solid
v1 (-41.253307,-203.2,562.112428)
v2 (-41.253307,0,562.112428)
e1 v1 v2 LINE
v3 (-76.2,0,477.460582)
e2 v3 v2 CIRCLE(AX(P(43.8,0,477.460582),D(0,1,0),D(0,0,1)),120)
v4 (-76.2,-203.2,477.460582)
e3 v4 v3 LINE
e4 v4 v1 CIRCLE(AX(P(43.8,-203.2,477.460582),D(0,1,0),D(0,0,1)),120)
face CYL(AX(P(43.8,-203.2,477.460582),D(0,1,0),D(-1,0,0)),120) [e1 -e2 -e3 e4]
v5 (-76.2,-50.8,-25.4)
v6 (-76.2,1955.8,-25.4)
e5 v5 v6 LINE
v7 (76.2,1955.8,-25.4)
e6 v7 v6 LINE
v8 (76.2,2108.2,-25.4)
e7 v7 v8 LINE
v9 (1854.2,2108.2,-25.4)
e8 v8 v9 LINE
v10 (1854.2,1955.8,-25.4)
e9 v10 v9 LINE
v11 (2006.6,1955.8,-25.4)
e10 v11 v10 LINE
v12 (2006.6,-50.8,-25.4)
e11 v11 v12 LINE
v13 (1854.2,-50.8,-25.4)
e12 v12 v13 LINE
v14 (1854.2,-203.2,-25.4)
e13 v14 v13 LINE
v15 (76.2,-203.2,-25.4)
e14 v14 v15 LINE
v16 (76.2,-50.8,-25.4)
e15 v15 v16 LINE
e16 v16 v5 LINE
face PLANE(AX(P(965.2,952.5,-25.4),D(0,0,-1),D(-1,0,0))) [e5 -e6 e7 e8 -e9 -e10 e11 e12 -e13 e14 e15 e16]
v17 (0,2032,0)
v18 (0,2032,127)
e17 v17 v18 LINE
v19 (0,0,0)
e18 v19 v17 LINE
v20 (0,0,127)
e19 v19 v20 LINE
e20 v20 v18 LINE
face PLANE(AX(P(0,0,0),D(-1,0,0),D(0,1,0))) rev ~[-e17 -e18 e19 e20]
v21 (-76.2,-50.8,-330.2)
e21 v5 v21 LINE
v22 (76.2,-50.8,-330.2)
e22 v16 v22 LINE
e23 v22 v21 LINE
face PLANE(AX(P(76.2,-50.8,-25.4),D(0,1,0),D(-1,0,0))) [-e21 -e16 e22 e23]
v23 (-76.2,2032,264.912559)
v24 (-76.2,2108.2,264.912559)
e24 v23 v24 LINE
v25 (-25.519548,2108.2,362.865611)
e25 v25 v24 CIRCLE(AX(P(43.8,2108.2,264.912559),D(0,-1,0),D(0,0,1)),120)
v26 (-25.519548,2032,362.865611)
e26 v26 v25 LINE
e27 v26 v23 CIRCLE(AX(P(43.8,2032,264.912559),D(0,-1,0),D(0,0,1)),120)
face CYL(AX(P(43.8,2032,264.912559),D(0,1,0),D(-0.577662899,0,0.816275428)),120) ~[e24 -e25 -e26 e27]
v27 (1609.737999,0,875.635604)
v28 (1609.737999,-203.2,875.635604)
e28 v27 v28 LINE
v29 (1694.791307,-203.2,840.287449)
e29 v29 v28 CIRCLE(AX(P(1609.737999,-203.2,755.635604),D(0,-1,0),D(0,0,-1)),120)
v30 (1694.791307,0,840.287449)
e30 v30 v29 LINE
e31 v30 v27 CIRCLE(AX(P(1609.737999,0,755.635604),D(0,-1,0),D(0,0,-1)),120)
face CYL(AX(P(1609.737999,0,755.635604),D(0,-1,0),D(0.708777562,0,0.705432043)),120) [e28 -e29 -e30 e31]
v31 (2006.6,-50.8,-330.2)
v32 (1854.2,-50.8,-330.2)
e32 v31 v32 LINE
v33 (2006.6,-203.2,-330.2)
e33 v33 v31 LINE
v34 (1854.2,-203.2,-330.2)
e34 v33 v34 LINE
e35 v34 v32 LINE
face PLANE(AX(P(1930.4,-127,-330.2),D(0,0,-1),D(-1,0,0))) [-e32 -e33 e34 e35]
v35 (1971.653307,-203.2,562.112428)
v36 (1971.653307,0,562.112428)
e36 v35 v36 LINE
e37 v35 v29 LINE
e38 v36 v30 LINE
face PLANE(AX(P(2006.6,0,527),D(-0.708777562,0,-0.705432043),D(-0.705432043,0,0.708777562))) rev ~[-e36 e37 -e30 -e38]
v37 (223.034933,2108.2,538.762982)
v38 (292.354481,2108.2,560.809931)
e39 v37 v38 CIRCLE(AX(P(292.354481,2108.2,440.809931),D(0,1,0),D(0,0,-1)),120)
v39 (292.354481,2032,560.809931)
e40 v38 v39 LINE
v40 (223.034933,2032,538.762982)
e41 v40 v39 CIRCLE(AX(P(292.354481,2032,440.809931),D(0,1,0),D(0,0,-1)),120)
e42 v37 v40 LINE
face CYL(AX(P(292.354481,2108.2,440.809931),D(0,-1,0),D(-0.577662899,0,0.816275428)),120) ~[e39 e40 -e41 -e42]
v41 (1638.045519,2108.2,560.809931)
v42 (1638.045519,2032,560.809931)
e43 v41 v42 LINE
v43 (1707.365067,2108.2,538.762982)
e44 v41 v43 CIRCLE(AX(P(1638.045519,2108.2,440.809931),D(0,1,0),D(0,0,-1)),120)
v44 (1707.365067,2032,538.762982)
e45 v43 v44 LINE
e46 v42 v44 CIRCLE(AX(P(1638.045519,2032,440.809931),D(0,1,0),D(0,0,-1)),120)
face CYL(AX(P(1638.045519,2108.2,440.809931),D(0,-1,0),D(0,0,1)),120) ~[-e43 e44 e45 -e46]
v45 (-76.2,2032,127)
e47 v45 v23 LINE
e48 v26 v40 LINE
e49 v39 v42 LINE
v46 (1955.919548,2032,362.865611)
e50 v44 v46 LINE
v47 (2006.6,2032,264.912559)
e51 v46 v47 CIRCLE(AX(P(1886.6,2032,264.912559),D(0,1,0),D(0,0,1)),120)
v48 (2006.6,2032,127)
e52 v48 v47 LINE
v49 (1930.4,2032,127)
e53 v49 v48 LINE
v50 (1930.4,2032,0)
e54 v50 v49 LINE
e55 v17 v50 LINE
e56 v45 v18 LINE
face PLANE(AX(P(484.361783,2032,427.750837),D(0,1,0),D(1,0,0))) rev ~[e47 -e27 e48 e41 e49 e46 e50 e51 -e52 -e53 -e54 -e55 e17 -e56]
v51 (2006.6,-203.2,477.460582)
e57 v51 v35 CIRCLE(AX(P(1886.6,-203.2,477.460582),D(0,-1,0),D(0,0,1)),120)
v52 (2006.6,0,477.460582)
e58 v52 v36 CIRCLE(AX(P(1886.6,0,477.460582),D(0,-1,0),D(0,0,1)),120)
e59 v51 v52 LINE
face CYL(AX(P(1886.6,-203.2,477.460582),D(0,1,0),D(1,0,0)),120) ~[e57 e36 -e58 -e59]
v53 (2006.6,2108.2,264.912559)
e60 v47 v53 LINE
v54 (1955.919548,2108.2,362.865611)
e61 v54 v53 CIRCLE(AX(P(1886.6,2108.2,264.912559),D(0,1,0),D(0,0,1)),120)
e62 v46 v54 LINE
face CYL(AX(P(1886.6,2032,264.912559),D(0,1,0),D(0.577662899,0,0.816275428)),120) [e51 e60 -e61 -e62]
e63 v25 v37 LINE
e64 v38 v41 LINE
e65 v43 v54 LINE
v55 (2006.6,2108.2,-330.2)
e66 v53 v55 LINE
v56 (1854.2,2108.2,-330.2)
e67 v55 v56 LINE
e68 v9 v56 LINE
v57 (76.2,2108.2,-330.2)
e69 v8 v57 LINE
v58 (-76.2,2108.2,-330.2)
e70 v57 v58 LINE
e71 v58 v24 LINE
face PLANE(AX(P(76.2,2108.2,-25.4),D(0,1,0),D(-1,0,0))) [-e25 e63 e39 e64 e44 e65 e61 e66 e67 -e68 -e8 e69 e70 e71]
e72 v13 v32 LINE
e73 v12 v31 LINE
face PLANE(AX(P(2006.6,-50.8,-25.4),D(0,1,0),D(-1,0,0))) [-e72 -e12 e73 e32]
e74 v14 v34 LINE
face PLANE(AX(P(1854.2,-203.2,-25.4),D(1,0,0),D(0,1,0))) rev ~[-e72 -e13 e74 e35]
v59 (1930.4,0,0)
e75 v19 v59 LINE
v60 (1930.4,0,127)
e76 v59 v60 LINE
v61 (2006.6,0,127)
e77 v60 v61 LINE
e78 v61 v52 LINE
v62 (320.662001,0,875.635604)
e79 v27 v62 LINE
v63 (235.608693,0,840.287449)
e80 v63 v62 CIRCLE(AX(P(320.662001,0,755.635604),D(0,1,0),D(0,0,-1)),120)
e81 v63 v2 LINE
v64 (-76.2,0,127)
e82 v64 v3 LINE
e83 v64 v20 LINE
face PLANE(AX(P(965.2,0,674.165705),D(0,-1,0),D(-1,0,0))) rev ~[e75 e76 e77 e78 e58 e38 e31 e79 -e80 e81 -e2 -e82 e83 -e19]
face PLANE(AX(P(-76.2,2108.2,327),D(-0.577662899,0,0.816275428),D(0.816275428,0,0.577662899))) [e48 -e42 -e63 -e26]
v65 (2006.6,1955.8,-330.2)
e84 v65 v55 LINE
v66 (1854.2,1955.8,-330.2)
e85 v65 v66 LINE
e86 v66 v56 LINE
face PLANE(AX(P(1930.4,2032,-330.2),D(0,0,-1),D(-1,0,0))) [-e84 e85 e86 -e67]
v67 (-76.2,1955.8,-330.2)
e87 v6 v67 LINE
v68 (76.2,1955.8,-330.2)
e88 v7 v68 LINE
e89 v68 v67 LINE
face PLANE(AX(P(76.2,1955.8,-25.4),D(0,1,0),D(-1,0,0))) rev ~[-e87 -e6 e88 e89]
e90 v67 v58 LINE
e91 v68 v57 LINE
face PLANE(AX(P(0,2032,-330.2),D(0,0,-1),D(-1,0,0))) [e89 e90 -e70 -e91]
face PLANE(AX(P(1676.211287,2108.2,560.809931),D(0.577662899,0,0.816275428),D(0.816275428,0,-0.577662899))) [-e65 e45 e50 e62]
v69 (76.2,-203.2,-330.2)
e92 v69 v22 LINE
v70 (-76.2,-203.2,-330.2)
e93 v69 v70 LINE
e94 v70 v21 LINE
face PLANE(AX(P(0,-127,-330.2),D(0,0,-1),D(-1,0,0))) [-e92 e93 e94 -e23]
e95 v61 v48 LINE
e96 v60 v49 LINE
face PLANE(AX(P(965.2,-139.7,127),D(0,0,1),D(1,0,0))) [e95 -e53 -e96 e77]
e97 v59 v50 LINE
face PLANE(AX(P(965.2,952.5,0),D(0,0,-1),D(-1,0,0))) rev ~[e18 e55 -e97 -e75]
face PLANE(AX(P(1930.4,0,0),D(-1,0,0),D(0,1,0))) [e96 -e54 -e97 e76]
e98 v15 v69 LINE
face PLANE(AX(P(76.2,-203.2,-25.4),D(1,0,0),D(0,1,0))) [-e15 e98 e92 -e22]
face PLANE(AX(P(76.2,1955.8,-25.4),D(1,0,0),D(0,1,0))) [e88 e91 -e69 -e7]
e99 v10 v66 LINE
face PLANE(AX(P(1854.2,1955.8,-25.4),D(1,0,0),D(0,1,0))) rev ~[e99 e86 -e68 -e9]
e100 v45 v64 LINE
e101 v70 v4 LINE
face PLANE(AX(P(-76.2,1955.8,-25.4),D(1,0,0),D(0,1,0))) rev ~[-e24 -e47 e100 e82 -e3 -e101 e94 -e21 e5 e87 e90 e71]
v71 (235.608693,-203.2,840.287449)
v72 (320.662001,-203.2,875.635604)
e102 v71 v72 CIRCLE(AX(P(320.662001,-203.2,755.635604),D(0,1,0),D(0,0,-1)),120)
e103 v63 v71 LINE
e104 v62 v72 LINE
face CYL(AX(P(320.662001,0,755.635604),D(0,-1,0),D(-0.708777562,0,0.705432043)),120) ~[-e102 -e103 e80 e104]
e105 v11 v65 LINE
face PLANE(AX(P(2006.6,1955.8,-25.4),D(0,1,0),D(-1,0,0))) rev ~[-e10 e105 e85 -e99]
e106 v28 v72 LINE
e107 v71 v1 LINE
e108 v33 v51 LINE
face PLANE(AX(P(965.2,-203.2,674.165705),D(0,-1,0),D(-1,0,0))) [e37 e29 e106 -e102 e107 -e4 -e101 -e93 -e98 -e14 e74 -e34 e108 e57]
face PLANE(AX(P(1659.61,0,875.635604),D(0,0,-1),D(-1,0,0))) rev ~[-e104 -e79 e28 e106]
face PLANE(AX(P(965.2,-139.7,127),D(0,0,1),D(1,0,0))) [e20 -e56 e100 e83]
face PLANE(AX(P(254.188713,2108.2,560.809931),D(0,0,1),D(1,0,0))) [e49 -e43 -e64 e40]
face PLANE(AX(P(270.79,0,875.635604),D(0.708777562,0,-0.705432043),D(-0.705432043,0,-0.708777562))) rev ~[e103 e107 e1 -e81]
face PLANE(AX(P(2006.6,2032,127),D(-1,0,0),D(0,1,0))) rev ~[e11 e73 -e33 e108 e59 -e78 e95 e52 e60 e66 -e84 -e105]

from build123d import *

# Parameters (mm, degrees)
SKETCH1_W           = 2082.8
SKETCH1_H           = 127
SKETCH1_H_2         = 2184.4
SKETCH1_W_2         = 1930.4
SKETCH1_H_3         = 2032
BOSS_EXTRUDE1_DEPTH = 127
BOSS_EXTRUDE2_DEPTH = 25.4
SKETCH3_W           = 2082.8
SKETCH3_H           = 203.2
BOSS_EXTRUDE3_DEPTH = 400
SKETCH4_W           = 2082.8
SKETCH4_H           = 76.2
BOSS_EXTRUDE4_DEPTH = 200
BOSS_EXTRUDE5_DEPTH = 203.2
BOSS_EXTRUDE6_DEPTH = 76.2
FILLET1_R           = 120
SKETCH7_W           = 152.4
SKETCH7_H           = 152.4
BOSS_EXTRUDE7_DEPTH = 304.8


with BuildPart() as part:
    # Sketch1 → Boss-Extrude1 (new body)
    with BuildSketch(Plane.XY):
        with Locations((965.2, -139.7)):
            Rectangle(SKETCH1_W, SKETCH1_H)
        with Locations((965.2, 1016)):
            Rectangle(SKETCH1_W, SKETCH1_H_2)
        with Locations((965.2, 1016)):
            Rectangle(SKETCH1_W_2, SKETCH1_H_3, mode=Mode.SUBTRACT)
    extrude(amount=BOSS_EXTRUDE1_DEPTH)

    # Sketch2 → Boss-Extrude2 (add)
    with BuildSketch(Plane(origin=(0, 0, 0), x_dir=(-1, 0, 0), z_dir=(0, 0, -1))):
        Polygon((76.2, 2108.2), (-2006.6, 2108.2), (-2006.6, -76.2), (-2006.6, -203.2), (76.2, -203.2), (76.2, -76.2), align=None)
    extrude(amount=BOSS_EXTRUDE2_DEPTH)

    # Sketch3 → Boss-Extrude3 (add)
    with BuildSketch(Plane.XY.offset(127)):
        with Locations((965.2, -101.6)):
            Rectangle(SKETCH3_W, SKETCH3_H)
    extrude(amount=BOSS_EXTRUDE3_DEPTH)

    # Sketch4 → Boss-Extrude4 (add)
    with BuildSketch(Plane.XY.offset(127)):
        with Locations((965.2, 2070.1)):
            Rectangle(SKETCH4_W, SKETCH4_H)
    extrude(amount=BOSS_EXTRUDE4_DEPTH)

    # Sketch5 → Boss-Extrude5 (add)
    with BuildSketch(Plane(origin=(0, 0, 0), x_dir=(1, 0, 0), z_dir=(0, 1, 0))):
        Polygon((2006.6, -527), (1659.609999688, -875.635603884), (270.790000312, -875.635603884), (-76.2, -527), align=None)
    extrude(amount=-BOSS_EXTRUDE5_DEPTH)

    # Sketch6 → Boss-Extrude6 (add)
    with BuildSketch(Plane(origin=(0, 2108.2, 0), x_dir=(1, 0, 0), z_dir=(0, 1, 0))):
        Polygon((965.2, -560.809930934), (965.2, -327), (-76.2, -327), (254.18871256, -560.809930934), align=None)
        Polygon((2006.6, -327), (965.2, -327), (965.2, -560.809930934), (1676.21128744, -560.809930934), align=None)
    extrude(amount=-BOSS_EXTRUDE6_DEPTH)

    # Fillet1
    fillet1_edges = [part.edges().sort_by_distance(p)[0] for p in [
        (2006.6, -101.6, 527),
        (-76.2, -101.6, 527),
        (-76.2, 2070.1, 327),
        (2006.6, 2070.1, 327),
        (270.790000312, -101.6, 875.635603884),
        (1659.609999688, -101.6, 875.635603884),
        (1676.21128744, 2070.1, 560.809930934),
        (254.18871256, 2070.1, 560.809930934),
    ]]
    fillet(fillet1_edges, radius=FILLET1_R)

    # Sketch7 → Boss-Extrude7 (add)
    with BuildSketch(Plane(origin=(0, 0, -25.4), x_dir=(-1, 0, 0), z_dir=(0, 0, -1))):
        with Locations((0, 2032)):
            Rectangle(SKETCH7_W, SKETCH7_H)
        with Locations((-1930.4, 2032)):
            Rectangle(SKETCH7_W, SKETCH7_H)
        with Locations((0, -127)):
            Rectangle(SKETCH7_W, SKETCH7_H)
        with Locations((-1930.4, -127)):
            Rectangle(SKETCH7_W, SKETCH7_H)
    extrude(amount=BOSS_EXTRUDE7_DEPTH)


solid = part.part
